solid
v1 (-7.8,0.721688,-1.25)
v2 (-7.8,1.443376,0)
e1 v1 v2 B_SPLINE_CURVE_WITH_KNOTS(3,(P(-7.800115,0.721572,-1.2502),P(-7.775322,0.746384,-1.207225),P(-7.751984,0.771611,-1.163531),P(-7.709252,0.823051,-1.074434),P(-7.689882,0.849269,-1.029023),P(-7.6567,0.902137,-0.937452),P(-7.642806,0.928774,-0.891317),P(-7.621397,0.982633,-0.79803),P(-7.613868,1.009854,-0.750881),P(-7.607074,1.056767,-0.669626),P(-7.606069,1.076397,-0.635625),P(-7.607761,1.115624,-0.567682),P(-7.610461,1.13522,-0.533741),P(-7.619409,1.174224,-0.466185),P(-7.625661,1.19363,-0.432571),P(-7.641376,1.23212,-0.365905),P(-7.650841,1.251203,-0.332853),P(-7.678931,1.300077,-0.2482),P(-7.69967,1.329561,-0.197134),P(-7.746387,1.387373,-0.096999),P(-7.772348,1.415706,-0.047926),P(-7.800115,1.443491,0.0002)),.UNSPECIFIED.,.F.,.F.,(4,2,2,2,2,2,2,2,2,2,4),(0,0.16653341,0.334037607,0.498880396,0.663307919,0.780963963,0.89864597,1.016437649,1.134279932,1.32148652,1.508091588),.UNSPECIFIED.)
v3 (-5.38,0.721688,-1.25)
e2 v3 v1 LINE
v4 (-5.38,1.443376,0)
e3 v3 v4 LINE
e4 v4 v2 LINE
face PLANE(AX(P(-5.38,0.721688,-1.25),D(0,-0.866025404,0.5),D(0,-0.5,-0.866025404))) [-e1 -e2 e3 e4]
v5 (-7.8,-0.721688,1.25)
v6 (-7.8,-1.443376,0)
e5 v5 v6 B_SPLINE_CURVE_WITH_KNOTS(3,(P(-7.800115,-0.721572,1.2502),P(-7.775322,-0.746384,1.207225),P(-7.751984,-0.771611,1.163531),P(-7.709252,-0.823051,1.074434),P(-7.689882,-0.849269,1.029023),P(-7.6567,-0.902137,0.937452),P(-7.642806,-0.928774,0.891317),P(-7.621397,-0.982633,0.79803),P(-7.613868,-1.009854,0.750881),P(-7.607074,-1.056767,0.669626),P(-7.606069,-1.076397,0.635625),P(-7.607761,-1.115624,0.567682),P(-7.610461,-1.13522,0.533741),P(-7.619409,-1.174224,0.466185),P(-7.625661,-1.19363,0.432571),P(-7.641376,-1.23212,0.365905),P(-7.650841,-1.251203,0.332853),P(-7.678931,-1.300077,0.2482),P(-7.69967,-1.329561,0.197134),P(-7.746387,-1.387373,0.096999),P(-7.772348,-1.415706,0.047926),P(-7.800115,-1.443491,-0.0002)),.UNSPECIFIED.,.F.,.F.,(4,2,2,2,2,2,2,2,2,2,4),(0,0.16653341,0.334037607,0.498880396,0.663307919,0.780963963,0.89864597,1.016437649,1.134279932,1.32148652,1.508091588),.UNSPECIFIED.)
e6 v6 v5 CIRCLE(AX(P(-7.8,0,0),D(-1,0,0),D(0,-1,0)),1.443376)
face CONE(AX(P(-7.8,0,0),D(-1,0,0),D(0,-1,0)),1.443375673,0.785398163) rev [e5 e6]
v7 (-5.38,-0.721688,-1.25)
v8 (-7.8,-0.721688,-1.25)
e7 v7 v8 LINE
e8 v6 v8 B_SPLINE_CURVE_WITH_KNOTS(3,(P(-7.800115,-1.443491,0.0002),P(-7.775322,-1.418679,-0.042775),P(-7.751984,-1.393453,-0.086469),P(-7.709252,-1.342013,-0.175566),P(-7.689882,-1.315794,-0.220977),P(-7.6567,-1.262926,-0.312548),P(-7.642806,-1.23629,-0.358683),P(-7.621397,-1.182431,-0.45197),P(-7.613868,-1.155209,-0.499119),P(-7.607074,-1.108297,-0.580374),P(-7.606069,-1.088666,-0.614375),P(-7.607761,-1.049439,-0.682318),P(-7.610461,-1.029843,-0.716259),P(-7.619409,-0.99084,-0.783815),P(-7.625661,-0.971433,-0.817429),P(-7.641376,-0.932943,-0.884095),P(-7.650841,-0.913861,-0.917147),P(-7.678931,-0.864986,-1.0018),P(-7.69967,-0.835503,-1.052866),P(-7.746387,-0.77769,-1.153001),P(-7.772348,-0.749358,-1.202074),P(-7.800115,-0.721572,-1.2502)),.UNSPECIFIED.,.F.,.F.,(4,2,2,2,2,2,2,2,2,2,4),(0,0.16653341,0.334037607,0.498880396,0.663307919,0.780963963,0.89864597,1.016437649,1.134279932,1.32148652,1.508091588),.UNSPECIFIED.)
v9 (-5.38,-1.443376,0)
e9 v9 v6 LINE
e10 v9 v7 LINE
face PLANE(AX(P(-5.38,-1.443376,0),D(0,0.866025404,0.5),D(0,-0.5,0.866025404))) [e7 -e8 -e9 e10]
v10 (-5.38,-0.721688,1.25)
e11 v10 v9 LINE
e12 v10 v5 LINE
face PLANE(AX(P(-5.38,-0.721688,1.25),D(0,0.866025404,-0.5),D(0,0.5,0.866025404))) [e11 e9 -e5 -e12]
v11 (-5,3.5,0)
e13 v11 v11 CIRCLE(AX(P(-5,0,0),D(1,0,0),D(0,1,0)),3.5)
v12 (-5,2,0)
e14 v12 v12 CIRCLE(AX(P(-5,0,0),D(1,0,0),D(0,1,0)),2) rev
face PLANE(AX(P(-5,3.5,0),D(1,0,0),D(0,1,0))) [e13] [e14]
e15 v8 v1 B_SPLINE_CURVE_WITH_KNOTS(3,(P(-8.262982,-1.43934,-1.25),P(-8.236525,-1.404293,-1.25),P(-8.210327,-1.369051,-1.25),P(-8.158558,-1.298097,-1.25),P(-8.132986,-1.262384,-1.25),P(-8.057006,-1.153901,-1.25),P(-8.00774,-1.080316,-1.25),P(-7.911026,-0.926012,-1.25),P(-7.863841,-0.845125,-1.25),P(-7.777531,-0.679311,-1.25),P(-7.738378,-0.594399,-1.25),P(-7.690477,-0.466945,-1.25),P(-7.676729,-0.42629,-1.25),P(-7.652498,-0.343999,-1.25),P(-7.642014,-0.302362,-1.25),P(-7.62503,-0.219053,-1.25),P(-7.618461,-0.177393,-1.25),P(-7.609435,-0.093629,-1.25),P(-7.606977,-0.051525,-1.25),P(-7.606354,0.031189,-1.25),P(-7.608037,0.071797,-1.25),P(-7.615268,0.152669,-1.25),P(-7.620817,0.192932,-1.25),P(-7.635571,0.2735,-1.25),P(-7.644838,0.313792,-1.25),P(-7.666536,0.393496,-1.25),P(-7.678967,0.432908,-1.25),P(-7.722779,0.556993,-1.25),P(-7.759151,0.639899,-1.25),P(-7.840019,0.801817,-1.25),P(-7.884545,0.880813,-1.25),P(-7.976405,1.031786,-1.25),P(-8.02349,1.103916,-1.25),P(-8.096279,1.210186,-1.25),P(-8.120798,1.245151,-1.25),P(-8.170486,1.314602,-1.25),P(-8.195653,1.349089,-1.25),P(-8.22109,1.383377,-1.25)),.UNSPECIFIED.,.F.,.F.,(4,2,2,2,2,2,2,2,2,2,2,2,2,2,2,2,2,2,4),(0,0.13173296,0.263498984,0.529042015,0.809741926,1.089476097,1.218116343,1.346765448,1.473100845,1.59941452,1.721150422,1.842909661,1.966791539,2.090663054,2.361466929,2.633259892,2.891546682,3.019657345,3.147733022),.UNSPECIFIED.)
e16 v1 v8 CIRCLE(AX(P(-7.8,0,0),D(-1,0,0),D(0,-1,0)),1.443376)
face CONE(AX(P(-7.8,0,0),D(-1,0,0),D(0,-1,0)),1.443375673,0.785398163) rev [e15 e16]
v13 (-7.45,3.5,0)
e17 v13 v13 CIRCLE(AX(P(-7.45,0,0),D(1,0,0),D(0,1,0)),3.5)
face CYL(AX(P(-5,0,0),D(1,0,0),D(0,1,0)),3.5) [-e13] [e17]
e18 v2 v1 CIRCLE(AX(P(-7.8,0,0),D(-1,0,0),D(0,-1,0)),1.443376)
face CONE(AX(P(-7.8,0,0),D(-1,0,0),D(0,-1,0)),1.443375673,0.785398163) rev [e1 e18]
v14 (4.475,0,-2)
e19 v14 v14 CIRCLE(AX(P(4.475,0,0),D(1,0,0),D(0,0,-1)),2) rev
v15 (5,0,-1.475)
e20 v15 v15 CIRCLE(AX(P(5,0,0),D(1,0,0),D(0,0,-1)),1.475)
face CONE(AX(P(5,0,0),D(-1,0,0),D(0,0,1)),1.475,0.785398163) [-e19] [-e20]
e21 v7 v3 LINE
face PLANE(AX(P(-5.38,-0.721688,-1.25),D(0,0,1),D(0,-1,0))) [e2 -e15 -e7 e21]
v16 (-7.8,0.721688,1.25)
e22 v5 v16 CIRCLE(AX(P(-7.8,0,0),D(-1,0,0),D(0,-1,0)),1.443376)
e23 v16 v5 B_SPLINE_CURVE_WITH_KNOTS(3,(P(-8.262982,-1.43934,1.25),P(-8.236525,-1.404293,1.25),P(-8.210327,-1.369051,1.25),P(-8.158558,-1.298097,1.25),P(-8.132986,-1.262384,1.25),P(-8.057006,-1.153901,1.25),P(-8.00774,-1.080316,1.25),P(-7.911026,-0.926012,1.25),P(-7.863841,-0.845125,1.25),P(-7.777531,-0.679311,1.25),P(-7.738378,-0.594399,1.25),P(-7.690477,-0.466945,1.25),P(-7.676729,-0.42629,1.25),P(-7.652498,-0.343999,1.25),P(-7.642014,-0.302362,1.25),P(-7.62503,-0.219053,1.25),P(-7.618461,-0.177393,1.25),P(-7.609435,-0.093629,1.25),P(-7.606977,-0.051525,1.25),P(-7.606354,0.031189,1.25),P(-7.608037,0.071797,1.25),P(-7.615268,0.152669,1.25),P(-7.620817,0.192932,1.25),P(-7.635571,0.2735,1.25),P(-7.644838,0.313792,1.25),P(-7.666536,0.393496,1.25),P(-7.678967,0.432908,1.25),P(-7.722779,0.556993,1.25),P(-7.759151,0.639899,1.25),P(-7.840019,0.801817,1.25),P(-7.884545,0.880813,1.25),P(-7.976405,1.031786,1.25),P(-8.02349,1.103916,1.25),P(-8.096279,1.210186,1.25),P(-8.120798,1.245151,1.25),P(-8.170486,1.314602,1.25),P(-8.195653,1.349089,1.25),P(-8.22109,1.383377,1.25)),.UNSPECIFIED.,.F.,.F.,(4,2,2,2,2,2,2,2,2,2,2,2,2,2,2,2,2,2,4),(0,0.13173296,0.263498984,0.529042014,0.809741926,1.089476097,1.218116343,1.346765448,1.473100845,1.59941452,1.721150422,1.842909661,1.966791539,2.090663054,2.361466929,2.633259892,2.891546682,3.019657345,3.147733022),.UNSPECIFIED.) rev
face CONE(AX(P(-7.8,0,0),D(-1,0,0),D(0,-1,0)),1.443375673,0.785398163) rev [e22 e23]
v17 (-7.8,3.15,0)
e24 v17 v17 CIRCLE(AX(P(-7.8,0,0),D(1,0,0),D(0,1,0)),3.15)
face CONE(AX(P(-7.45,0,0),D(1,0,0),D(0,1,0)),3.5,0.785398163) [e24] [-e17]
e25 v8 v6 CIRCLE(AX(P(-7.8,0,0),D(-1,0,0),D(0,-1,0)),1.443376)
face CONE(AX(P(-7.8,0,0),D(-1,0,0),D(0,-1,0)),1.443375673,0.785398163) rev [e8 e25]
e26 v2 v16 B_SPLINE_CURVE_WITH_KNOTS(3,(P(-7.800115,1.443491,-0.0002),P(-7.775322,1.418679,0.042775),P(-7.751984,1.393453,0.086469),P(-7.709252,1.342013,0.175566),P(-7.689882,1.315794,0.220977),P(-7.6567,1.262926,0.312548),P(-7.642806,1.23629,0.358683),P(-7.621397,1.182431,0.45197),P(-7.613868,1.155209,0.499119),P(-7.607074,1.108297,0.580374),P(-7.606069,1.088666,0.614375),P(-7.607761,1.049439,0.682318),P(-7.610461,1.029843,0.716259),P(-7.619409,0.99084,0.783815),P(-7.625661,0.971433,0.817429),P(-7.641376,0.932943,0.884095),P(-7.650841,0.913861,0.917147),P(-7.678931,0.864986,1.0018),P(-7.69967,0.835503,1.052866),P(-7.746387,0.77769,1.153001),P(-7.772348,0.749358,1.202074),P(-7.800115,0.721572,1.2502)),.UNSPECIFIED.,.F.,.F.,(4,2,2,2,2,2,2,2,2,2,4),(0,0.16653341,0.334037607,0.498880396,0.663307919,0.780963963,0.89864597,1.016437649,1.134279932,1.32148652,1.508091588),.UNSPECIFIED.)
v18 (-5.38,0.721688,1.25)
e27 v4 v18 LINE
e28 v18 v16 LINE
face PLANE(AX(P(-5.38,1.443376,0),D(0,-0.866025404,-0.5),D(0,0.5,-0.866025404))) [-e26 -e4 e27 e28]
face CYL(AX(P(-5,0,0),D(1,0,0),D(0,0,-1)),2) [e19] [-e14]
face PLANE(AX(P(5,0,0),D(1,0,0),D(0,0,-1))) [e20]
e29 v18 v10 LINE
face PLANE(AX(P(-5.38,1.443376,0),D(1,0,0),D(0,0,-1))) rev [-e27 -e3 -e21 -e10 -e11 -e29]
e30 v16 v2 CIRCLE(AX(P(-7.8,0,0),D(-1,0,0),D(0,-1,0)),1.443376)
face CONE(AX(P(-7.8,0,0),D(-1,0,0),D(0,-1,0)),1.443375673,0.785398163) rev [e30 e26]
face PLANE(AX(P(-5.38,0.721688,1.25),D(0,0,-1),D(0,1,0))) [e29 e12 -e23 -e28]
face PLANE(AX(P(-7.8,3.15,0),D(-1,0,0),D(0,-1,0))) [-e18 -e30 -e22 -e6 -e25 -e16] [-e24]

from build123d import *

# Parameters (mm, degrees)
SKETCH2_R           = 2
BOSS_EXTRUDE1_DEPTH = 10
CHAMFER1_SIZE       = 0.525
CUT_EXTRUDE1_DEPTH  = 2.42


with BuildPart() as part:
    # Sketch2 → Boss-Extrude1 (new body)
    with BuildSketch(Plane(origin=(5, 0, 0), x_dir=(0, 0, -1), z_dir=(1, 0, 0))):
        Circle(SKETCH2_R)
    extrude(amount=-BOSS_EXTRUDE1_DEPTH)

    # Chamfer1
    chamfer1_edges = [part.edges().sort_by_distance(p)[0] for p in [
        (5, 0, 2),
    ]]
    chamfer(chamfer1_edges, length=CHAMFER1_SIZE)

    # Sketch6 → Revolve1 (revolve)
    with BuildSketch(Plane.XY):
        Polygon((-7.45, 3.5), (-7.8, 3.15), (-7.8, 0), (-5, 0), (-5, 3.5), align=None)
    revolve(axis=Axis((-5, 0, 0), (-1, 0, 0)))

    # Sketch4 → Cut-Extrude1 (cut)
    with BuildSketch(Plane(origin=(-7.8, 0, 0), x_dir=(0, 0, -1), z_dir=(1, 0, 0))):
        Polygon((0, 1.443375673), (-1.25, 0.721687836), (-1.25, -0.721687836), (0, -1.443375673), (1.25, -0.721687836), (1.25, 0.721687836), align=None)
    extrude(amount=CUT_EXTRUDE1_DEPTH, mode=Mode.SUBTRACT)

    # Cut-Extrude2 cone 1 section (through the dimple's axis) → Cut-Extrude2 (revolve, cut)
    with BuildSketch(Plane(origin=(-7.8, 0, 0), x_dir=(0, 0, 1), z_dir=(0, 1, 0))):
        Polygon((0, 0), (1.443375673, 0), (0, 1.443375673), align=None)
    revolve(axis=Axis((-7.8, 0, 0), (1, 0, 0)), mode=Mode.SUBTRACT)


solid = part.part
